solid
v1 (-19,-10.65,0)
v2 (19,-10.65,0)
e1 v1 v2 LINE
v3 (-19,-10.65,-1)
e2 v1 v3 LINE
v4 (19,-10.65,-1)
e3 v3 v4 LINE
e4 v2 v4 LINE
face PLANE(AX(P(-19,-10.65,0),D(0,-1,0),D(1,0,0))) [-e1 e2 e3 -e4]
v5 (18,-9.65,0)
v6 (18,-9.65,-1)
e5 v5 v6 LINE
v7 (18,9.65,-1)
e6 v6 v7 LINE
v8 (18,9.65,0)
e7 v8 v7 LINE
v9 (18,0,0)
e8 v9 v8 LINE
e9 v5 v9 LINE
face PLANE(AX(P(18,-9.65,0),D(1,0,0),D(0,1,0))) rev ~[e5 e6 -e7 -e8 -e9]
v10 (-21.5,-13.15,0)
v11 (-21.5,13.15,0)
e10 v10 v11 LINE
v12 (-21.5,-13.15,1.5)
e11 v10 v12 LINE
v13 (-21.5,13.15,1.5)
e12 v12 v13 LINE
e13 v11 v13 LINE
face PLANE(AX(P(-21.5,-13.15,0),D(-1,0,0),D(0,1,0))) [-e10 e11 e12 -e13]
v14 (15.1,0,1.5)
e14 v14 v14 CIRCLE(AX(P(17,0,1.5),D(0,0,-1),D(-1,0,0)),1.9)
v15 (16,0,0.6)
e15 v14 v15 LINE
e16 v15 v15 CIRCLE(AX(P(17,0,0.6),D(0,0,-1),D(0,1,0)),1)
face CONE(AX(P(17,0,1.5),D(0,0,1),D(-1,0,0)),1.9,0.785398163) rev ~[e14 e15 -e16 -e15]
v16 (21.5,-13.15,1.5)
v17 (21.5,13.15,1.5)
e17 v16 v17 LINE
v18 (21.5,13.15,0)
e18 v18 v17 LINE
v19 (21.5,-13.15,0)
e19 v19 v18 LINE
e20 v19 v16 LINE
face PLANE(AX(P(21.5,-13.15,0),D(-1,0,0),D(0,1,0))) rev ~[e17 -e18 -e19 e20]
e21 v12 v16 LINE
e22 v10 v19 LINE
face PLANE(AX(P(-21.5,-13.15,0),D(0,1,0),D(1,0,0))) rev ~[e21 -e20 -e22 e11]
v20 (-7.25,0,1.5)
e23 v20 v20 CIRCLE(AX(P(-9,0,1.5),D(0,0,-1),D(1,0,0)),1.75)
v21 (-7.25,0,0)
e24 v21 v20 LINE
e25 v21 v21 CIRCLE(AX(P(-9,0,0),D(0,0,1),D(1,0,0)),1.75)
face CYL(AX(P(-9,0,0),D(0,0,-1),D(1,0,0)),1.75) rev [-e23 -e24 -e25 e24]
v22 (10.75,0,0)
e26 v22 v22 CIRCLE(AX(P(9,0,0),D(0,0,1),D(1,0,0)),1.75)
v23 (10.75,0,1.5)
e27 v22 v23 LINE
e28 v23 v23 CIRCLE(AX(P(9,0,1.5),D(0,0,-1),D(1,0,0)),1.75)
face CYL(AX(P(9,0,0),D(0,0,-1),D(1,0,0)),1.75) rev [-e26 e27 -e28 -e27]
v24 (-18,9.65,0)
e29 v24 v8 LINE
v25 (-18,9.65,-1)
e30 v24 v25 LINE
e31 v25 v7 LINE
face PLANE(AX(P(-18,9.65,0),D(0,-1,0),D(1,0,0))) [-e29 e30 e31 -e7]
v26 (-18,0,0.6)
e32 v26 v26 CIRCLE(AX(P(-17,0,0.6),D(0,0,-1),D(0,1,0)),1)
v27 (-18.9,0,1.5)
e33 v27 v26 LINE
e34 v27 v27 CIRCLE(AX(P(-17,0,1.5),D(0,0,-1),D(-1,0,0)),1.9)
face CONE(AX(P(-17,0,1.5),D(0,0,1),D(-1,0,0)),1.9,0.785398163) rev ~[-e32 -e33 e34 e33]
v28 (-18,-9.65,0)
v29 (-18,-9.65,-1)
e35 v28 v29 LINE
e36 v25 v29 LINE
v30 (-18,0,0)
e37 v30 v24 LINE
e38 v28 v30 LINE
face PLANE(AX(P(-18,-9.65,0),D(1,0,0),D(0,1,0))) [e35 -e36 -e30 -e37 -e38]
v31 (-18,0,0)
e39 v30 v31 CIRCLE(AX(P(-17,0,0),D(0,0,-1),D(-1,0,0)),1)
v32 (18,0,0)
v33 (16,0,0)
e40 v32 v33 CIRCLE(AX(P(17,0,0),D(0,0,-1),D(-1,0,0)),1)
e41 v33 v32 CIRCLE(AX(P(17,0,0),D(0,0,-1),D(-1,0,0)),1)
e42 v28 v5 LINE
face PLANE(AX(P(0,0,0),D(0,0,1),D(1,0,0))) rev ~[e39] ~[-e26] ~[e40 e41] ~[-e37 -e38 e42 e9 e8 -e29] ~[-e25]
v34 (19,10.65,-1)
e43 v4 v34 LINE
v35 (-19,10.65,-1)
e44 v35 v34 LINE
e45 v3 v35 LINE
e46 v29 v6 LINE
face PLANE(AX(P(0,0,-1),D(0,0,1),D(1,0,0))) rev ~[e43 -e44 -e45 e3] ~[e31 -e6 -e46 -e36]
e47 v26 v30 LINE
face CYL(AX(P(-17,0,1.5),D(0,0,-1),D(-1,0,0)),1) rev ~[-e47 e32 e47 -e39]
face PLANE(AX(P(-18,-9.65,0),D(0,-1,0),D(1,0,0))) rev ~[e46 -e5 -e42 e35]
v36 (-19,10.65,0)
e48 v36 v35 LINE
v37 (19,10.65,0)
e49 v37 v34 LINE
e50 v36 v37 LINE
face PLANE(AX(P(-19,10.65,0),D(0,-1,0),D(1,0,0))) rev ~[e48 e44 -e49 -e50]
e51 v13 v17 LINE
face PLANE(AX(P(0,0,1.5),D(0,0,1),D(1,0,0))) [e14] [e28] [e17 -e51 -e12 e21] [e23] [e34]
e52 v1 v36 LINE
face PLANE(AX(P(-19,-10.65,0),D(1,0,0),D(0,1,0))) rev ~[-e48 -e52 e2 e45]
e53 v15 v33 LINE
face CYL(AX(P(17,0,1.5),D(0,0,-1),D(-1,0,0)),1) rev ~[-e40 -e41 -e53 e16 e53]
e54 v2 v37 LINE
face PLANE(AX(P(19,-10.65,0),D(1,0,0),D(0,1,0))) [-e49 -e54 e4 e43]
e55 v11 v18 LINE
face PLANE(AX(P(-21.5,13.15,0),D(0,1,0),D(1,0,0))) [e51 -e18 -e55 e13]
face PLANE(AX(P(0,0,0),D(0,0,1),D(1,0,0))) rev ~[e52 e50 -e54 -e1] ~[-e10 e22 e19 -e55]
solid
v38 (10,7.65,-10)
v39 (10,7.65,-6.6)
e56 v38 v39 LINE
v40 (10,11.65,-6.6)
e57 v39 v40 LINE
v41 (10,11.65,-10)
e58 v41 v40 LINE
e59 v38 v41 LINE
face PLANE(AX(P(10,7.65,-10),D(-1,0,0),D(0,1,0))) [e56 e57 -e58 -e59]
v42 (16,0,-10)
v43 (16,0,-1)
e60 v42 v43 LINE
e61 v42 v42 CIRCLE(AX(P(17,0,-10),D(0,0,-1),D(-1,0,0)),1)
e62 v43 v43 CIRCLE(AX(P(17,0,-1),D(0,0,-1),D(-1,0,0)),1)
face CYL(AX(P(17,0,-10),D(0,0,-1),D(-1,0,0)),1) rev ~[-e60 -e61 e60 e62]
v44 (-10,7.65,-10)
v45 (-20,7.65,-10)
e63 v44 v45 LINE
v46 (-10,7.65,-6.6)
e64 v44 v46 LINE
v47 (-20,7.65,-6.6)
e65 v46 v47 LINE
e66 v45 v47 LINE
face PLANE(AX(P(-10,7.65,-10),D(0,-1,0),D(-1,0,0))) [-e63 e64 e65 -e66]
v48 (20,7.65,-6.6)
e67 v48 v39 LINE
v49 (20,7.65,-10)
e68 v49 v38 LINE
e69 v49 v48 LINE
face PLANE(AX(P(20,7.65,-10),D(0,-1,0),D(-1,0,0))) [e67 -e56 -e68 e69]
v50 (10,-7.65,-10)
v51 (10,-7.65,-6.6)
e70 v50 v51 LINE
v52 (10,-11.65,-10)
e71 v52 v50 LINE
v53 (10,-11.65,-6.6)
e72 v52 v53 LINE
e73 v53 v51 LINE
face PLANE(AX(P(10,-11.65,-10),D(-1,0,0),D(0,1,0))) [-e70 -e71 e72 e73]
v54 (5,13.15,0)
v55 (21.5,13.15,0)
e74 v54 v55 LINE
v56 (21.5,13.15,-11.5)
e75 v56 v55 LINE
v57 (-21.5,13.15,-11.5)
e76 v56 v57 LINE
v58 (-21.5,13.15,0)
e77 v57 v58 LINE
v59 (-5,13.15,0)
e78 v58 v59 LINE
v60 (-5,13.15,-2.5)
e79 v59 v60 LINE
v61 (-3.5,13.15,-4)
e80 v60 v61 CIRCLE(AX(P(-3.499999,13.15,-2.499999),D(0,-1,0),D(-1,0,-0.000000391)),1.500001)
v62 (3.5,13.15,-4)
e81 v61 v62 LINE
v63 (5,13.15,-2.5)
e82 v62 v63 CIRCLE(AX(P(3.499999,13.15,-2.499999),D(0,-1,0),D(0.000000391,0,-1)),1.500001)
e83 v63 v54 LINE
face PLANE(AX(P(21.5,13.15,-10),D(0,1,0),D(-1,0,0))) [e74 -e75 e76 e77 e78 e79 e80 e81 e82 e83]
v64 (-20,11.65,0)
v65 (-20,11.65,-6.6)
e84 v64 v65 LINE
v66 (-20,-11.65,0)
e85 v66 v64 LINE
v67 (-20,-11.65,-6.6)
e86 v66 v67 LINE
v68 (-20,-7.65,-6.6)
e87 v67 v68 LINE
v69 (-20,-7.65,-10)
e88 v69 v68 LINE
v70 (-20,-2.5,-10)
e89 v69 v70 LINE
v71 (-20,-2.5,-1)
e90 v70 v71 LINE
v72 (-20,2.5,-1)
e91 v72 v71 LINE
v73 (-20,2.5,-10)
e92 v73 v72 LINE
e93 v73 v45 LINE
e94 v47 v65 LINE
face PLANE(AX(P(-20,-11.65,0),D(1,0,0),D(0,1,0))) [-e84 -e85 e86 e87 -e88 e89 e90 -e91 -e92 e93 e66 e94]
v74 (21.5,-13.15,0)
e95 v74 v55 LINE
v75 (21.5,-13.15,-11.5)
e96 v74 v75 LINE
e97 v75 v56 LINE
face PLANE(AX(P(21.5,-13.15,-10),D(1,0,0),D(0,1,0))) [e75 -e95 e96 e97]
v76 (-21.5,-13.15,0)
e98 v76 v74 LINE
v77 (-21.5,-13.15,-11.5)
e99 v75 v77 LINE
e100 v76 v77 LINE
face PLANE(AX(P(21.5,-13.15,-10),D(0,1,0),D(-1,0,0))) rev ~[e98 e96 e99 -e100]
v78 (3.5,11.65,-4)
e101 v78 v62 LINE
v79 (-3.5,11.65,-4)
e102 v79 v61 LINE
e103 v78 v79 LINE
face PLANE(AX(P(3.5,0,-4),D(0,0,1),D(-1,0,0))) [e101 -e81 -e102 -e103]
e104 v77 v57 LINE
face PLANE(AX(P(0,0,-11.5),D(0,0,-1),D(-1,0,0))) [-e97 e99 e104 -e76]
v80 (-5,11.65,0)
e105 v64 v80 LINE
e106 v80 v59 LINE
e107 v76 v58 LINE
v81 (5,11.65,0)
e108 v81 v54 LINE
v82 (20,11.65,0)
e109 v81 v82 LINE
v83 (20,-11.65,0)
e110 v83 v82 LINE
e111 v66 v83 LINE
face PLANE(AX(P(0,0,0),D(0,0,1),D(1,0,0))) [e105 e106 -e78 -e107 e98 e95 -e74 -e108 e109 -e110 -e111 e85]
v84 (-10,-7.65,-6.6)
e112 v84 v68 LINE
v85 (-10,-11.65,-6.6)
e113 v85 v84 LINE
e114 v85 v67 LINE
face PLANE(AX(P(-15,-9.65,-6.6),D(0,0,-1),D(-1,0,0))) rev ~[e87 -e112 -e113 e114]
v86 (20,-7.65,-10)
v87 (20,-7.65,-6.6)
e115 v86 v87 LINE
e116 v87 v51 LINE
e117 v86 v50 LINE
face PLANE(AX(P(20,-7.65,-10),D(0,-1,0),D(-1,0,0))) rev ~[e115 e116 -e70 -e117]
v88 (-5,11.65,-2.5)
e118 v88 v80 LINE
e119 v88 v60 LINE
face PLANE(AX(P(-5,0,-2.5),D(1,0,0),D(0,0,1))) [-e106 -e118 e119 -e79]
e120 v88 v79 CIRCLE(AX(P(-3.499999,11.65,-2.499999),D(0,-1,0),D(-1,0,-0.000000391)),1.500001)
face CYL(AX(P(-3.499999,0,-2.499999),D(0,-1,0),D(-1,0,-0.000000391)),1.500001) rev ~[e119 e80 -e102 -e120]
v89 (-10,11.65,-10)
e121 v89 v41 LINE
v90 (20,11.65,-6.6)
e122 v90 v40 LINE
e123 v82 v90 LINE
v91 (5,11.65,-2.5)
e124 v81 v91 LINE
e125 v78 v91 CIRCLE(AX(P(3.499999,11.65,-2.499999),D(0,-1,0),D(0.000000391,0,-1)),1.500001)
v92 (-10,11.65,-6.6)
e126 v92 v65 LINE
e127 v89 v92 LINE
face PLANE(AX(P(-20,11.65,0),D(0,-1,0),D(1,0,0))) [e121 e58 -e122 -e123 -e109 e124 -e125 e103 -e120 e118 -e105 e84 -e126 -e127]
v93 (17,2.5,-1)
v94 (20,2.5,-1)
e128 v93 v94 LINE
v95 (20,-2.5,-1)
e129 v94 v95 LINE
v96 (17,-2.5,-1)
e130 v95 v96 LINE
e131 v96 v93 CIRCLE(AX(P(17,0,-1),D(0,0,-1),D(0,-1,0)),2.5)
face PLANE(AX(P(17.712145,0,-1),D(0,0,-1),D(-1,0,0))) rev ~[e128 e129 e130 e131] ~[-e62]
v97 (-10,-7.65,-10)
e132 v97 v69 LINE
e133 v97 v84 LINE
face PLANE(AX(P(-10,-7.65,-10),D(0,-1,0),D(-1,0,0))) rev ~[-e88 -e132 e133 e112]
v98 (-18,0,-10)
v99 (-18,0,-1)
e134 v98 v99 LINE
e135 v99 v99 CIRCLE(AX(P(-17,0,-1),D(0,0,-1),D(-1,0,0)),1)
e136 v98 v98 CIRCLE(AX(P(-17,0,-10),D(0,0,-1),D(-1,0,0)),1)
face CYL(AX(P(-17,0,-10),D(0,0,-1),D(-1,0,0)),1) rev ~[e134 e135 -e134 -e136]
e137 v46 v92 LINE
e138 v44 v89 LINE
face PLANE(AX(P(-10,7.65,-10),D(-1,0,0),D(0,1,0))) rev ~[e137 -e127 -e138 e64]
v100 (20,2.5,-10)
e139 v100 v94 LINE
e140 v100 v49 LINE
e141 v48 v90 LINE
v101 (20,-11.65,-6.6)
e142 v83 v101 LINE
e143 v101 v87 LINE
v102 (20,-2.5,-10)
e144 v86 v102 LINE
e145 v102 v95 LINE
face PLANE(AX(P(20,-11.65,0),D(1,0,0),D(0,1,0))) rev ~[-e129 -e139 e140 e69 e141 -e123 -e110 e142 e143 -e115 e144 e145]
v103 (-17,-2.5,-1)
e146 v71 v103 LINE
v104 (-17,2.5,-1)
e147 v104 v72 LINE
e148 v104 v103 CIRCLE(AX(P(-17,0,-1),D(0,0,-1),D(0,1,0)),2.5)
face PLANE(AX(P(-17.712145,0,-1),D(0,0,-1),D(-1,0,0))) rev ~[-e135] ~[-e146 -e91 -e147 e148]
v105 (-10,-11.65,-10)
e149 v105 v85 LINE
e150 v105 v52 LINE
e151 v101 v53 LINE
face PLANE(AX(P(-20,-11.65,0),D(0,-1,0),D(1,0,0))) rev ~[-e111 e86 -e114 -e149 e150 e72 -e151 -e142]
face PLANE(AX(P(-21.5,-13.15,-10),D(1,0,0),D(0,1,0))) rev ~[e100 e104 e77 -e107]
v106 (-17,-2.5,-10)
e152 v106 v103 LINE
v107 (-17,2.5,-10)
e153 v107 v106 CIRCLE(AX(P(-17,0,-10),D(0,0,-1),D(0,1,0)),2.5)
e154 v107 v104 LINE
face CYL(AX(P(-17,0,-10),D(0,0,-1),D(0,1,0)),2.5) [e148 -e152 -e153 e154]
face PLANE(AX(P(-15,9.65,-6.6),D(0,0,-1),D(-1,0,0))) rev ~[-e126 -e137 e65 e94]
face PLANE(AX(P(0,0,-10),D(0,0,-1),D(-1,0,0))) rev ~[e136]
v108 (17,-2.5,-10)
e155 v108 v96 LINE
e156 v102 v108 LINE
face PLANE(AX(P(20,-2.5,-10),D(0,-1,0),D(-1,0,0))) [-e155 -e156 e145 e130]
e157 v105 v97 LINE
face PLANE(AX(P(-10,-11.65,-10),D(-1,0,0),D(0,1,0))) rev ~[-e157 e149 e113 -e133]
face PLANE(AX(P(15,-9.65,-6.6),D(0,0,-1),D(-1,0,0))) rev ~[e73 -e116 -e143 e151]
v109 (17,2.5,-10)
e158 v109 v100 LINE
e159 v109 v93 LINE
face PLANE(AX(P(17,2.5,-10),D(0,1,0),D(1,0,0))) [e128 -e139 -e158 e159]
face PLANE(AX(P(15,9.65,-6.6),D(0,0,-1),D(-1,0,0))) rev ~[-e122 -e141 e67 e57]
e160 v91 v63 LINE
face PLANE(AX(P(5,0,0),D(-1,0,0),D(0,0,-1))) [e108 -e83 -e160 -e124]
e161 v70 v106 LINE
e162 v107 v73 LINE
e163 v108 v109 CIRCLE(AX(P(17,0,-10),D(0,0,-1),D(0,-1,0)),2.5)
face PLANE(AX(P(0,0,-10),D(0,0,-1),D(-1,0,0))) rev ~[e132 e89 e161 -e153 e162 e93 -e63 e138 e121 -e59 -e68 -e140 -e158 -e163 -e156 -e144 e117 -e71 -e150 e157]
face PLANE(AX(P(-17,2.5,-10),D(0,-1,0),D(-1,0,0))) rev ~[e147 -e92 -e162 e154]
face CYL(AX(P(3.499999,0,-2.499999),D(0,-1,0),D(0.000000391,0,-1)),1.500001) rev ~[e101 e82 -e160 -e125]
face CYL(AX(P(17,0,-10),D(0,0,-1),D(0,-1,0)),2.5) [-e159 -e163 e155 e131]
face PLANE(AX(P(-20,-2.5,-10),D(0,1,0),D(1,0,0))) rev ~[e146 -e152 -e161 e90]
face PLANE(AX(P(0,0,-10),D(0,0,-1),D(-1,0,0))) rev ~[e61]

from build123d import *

# Parameters (mm, degrees)
SKETCH_W         = 43
SKETCH_H         = 26.3
SKETCH_W_2       = 40
SKETCH_H_2       = 23.3
PAD_DEPTH        = 10
SKETCH001_W      = 43
SKETCH001_H      = 26.3
PAD001_DEPTH     = 1.5
SKETCH003_W      = 10
SKETCH003_H      = 4
PAD003_DEPTH     = 3.4
SKETCH004_R      = 1
PAD004_DEPTH     = 9
POCKET001_DEPTH  = 13.151
SKETCH002_W      = 43
SKETCH002_H      = 26.3
PAD002_DEPTH     = 1.5
SKETCH005_R      = 1.75
POCKET_DEPTH     = 5
SKETCH006_W      = 38
SKETCH006_H      = 21.3
SKETCH006_W_2    = 36
SKETCH006_H_2    = 19.3
PAD005_DEPTH     = 1
HOLE_D           = 2
HOLE_DEPTH       = 25
HOLE_CSINK_D     = 3.8
HOLE_CSINK_ANGLE = 90


with BuildPart() as body:
    # Sketch → Pad (new body)
    with BuildSketch(Plane.XY):
        Rectangle(SKETCH_W, SKETCH_H)
        Rectangle(SKETCH_W_2, SKETCH_H_2, mode=Mode.SUBTRACT)
    extrude(amount=-PAD_DEPTH)

    # Sketch001 (on DatumPlane) → Pad001 (join)
    with BuildSketch(Plane(origin=(0, 0, -10), x_dir=(-1, 0, 0), z_dir=(0, 0, -1))):
        Rectangle(SKETCH001_W, SKETCH001_H)
    extrude(amount=PAD001_DEPTH)

    # Sketch003 (on DatumPlane) → Pad003 (join)
    with BuildSketch(Plane(origin=(0, 0, -10), x_dir=(-1, 0, 0), z_dir=(0, 0, -1))):
        with Locations((-15, 9.65)):
            Rectangle(SKETCH003_W, SKETCH003_H)
        with Locations((15, 9.65)):
            Rectangle(SKETCH003_W, SKETCH003_H)
        with Locations((15, -9.65)):
            Rectangle(SKETCH003_W, SKETCH003_H)
        with Locations((-15, -9.65)):
            Rectangle(SKETCH003_W, SKETCH003_H)
    extrude(amount=-PAD003_DEPTH)

    # Sketch004 (on DatumPlane) → Pad004 (join)
    with BuildSketch(Plane(origin=(0, 0, -10), x_dir=(-1, 0, 0), z_dir=(0, 0, -1))):
        with BuildLine():
            ThreePointArc((-17, -2.5), (-14.5, 0), (-17, 2.5))
            Line((-17, 2.5), (-20, 2.5))
            Line((-20, 2.5), (-20, -2.5))
            Line((-20, -2.5), (-17, -2.5))
        make_face()
        with Locations((-17, 0)):
            Circle(SKETCH004_R, mode=Mode.SUBTRACT)
        with BuildLine():
            ThreePointArc((17, 2.5), (14.5, 0), (17, -2.5))
            Line((20, -2.5), (17, -2.5))
            Line((20, 2.5), (20, -2.5))
            Line((17, 2.5), (20, 2.5))
        make_face()
        with Locations((17, 0)):
            Circle(SKETCH004_R, mode=Mode.SUBTRACT)
    extrude(amount=-PAD004_DEPTH)

    # Sketch008 → Pocket001 (cut, through all)
    with BuildSketch(Plane.XZ):
        with BuildLine():
            Line((-5, 0), (5, 0))
            Line((5, 0), (5, -2.5))
            ThreePointArc((3.5, -4), (4.56066, -3.56066), (5, -2.5))
            Line((3.5, -4), (-3.5, -4))
            ThreePointArc((-5, -2.5), (-4.56066, -3.56066), (-3.5, -4))
            Line((-5, -2.5), (-5, 0))
        make_face()
    extrude(amount=-POCKET001_DEPTH, mode=Mode.SUBTRACT)


with BuildPart() as body001:
    # Sketch002 → Pad002 (new body)
    with BuildSketch(Plane.XY):
        Rectangle(SKETCH002_W, SKETCH002_H)
    extrude(amount=PAD002_DEPTH)

    # Sketch005 → Pocket (cut)
    with BuildSketch(Plane.XY):
        with Locations((-9, 0)):
            Circle(SKETCH005_R)
        with Locations((9, 0)):
            Circle(SKETCH005_R)
    extrude(amount=POCKET_DEPTH, mode=Mode.SUBTRACT)

    # Sketch006 → Pad005 (join)
    with BuildSketch(Plane.XY):
        Rectangle(SKETCH006_W, SKETCH006_H)
        Rectangle(SKETCH006_W_2, SKETCH006_H_2, mode=Mode.SUBTRACT)
    extrude(amount=-PAD005_DEPTH)

    # Hole
    with Locations(Plane.XY.offset(1.5)):
        with Locations((-17, 0), (17, 0)):
            CounterSinkHole(HOLE_D / 2, HOLE_CSINK_D / 2, depth=HOLE_DEPTH, counter_sink_angle=HOLE_CSINK_ANGLE)


solid = Compound([body.part, body001.part])
